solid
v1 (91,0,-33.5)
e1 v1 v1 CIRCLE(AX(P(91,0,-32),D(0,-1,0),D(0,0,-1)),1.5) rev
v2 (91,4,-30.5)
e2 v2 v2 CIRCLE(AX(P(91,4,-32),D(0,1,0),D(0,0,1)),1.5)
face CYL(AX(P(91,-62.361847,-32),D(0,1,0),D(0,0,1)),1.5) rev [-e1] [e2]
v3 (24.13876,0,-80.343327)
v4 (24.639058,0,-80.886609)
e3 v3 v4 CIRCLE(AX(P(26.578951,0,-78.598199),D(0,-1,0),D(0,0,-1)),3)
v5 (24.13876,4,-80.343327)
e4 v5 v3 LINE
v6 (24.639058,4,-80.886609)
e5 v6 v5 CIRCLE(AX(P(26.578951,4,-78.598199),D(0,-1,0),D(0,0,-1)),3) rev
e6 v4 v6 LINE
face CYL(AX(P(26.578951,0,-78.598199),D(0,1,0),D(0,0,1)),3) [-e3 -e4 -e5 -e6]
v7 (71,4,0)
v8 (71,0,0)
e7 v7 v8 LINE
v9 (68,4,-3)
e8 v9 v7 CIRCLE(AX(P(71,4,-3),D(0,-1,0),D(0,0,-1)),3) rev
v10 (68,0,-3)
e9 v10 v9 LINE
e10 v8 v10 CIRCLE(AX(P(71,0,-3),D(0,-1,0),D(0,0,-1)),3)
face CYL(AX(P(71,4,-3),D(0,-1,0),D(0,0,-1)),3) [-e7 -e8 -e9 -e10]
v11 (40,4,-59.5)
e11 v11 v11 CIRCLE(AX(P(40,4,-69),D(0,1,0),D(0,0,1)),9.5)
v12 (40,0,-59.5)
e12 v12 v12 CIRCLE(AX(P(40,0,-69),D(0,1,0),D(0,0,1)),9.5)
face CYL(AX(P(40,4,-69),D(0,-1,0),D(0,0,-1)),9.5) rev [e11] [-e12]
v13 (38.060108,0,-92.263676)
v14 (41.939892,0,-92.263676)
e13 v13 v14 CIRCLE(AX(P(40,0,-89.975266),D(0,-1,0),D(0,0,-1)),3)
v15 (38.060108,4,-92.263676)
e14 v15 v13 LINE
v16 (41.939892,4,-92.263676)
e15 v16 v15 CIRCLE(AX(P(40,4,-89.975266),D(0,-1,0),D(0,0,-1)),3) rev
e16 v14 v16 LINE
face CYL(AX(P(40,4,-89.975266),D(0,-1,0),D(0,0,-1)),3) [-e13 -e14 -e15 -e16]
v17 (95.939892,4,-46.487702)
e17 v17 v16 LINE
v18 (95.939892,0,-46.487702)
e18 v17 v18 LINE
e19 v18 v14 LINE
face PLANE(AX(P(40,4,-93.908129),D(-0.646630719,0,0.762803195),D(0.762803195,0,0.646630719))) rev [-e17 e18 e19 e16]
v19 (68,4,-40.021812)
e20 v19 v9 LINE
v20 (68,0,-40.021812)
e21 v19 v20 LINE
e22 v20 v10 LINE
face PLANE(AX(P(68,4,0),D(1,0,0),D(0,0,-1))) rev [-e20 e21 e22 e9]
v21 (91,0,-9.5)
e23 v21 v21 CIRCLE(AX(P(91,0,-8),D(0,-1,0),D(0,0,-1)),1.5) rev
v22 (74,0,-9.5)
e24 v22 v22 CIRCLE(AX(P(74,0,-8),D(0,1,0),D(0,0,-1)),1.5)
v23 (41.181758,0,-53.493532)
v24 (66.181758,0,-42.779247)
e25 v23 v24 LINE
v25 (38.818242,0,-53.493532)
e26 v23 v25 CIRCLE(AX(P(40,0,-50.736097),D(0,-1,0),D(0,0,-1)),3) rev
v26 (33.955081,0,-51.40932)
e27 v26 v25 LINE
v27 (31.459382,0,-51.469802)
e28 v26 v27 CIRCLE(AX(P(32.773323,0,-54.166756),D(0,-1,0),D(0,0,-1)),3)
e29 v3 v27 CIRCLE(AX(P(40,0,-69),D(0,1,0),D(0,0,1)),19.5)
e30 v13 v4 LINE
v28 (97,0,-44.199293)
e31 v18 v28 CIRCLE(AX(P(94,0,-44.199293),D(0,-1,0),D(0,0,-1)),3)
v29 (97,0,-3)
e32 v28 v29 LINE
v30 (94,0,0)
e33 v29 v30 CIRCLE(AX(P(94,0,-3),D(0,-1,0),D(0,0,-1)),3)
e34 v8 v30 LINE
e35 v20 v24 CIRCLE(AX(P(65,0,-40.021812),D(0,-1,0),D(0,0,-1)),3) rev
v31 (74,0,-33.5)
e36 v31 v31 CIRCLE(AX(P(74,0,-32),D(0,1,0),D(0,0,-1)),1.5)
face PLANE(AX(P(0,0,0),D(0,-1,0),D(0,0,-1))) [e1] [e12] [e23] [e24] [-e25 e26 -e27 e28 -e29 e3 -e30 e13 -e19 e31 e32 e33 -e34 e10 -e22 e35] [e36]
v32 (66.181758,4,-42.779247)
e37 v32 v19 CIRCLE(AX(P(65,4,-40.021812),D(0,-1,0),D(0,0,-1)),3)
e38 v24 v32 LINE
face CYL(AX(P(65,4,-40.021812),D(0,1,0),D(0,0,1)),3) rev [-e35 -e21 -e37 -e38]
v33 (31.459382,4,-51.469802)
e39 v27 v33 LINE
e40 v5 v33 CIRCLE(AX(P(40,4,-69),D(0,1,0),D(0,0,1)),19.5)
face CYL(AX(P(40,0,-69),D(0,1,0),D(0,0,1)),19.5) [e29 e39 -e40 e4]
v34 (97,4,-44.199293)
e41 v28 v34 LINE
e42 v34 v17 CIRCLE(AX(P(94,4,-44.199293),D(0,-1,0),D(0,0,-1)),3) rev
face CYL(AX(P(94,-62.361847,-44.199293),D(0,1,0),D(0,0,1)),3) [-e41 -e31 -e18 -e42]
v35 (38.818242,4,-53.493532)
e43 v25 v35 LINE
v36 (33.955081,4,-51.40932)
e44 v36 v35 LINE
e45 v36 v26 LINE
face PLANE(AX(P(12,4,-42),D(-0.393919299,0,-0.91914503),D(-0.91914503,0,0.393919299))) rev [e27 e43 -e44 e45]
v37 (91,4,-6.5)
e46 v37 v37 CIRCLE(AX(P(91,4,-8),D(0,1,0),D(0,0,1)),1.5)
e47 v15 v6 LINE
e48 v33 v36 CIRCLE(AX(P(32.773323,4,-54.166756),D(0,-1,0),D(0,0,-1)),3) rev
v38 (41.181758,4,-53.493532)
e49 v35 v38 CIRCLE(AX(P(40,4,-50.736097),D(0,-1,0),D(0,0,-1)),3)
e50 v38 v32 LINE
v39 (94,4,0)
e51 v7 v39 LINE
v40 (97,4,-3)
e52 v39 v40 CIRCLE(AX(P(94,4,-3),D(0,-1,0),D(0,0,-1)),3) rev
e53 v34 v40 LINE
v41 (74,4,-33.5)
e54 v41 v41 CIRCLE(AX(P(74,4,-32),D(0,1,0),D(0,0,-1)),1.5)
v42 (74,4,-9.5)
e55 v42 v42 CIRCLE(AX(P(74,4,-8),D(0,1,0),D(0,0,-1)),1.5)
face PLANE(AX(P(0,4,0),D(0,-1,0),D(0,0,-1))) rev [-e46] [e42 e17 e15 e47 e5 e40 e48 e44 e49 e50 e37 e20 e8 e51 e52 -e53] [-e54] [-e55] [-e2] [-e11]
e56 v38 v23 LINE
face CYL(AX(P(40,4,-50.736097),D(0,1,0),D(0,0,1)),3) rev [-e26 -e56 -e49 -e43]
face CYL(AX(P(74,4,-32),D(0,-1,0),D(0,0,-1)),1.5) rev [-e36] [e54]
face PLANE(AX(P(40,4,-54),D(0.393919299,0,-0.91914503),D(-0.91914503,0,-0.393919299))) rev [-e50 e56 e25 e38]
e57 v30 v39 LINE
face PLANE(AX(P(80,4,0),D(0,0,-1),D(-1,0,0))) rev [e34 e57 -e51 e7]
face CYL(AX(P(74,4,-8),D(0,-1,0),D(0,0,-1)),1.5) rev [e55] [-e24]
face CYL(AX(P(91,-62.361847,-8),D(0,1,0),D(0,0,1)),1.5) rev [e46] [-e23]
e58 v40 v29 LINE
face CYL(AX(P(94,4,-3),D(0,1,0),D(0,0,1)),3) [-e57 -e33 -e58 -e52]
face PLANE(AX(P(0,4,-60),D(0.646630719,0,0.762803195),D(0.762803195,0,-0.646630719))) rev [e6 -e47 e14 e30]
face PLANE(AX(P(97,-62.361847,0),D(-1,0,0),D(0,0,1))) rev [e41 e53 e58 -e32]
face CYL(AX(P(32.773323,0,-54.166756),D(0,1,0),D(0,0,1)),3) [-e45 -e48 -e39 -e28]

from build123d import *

# Parameters (mm, degrees)
SKETCH_2_R          = 1.5
SKETCH_2_R_2        = 9.5
EXTRUDE_1_DEPTH     = 4
CUT_EXTRUDE_1_DEPTH = 124.429075185
SKETCH_6_R          = 1.5
EXTRUDE_2_DEPTH     = 4
FILLET_1_R          = 3


with BuildPart() as part:
    # 草图2 → 凸台-拉伸1 (new body)
    with BuildSketch(Plane(origin=(0, 0, 0), x_dir=(1, 0, 0), z_dir=(0, 1, 0))):
        Polygon((0, 0), (0, 60), (40, 93.908128514), (80, 60), (80, 0), (68, 0), (68, 42), (40, 54), (12, 42), (12, 0), align=None)
        with Locations(Location((6, 32, 0), (0, 0, 270))):
            Circle(SKETCH_2_R, mode=Mode.SUBTRACT)
        with Locations(Location((6, 8, 0), (0, 0, 270))):
            Circle(SKETCH_2_R, mode=Mode.SUBTRACT)
        with Locations(Location((40, 69, 0), (0, 0, 270))):
            Circle(SKETCH_2_R_2, mode=Mode.SUBTRACT)
        with Locations(Location((74, 8, 0), (0, 0, 90))):
            Circle(SKETCH_2_R, mode=Mode.SUBTRACT)
        with Locations(Location((74, 32, 0), (0, 0, 90))):
            Circle(SKETCH_2_R, mode=Mode.SUBTRACT)
    extrude(amount=EXTRUDE_1_DEPTH)

    # 草图4 → 切除-拉伸1 (cut, through all)
    with BuildSketch(Plane(origin=(0, 4, 0), x_dir=(1, 0, 0), z_dir=(0, 1, 0))):
        with BuildLine():
            Line((24.36723091, 80.656179931), (0, 60))
            Line((0, 60), (0, 0))
            Line((0, 0), (12, 0))
            Line((12, 0), (12, 42))
            Line((12, 42), (32.756034747, 50.895443463))
            ThreePointArc((32.756034747, 50.895443463), (21.23136653, 63.709593809), (24.36723091, 80.656179931))
        make_face()
    extrude(amount=-CUT_EXTRUDE_1_DEPTH, mode=Mode.SUBTRACT)

    # 草图6 → 凸台-拉伸2 (add)
    with BuildSketch(Plane(origin=(0, 4, 0), x_dir=(1, 0, 0), z_dir=(0, 1, 0))):
        Polygon((97, 45.589045381), (80, 60), (80, 0), (97, 0), align=None)
        with Locations(Location((91, 8, 0), (0, 0, 270))):
            Circle(SKETCH_6_R, mode=Mode.SUBTRACT)
        with Locations(Location((91, 32, 0), (0, 0, 270))):
            Circle(SKETCH_6_R, mode=Mode.SUBTRACT)
    extrude(amount=-EXTRUDE_2_DEPTH)

    # 圆角1
    fillet_1_edges = [part.edges().sort_by_distance(p)[0] for p in [
        (40, 2, -93.908128514),
        (68, 2, 0),
        (68, 2, -42),
        (40, 2, -54),
        (24.36723091, 2, -80.656179931),
        (32.756034747, 2, -50.895443463),
        (97, 2, -45.589045381),
        (97, 2, 0),
    ]]
    fillet(fillet_1_edges, radius=FILLET_1_R)


solid = part.part
